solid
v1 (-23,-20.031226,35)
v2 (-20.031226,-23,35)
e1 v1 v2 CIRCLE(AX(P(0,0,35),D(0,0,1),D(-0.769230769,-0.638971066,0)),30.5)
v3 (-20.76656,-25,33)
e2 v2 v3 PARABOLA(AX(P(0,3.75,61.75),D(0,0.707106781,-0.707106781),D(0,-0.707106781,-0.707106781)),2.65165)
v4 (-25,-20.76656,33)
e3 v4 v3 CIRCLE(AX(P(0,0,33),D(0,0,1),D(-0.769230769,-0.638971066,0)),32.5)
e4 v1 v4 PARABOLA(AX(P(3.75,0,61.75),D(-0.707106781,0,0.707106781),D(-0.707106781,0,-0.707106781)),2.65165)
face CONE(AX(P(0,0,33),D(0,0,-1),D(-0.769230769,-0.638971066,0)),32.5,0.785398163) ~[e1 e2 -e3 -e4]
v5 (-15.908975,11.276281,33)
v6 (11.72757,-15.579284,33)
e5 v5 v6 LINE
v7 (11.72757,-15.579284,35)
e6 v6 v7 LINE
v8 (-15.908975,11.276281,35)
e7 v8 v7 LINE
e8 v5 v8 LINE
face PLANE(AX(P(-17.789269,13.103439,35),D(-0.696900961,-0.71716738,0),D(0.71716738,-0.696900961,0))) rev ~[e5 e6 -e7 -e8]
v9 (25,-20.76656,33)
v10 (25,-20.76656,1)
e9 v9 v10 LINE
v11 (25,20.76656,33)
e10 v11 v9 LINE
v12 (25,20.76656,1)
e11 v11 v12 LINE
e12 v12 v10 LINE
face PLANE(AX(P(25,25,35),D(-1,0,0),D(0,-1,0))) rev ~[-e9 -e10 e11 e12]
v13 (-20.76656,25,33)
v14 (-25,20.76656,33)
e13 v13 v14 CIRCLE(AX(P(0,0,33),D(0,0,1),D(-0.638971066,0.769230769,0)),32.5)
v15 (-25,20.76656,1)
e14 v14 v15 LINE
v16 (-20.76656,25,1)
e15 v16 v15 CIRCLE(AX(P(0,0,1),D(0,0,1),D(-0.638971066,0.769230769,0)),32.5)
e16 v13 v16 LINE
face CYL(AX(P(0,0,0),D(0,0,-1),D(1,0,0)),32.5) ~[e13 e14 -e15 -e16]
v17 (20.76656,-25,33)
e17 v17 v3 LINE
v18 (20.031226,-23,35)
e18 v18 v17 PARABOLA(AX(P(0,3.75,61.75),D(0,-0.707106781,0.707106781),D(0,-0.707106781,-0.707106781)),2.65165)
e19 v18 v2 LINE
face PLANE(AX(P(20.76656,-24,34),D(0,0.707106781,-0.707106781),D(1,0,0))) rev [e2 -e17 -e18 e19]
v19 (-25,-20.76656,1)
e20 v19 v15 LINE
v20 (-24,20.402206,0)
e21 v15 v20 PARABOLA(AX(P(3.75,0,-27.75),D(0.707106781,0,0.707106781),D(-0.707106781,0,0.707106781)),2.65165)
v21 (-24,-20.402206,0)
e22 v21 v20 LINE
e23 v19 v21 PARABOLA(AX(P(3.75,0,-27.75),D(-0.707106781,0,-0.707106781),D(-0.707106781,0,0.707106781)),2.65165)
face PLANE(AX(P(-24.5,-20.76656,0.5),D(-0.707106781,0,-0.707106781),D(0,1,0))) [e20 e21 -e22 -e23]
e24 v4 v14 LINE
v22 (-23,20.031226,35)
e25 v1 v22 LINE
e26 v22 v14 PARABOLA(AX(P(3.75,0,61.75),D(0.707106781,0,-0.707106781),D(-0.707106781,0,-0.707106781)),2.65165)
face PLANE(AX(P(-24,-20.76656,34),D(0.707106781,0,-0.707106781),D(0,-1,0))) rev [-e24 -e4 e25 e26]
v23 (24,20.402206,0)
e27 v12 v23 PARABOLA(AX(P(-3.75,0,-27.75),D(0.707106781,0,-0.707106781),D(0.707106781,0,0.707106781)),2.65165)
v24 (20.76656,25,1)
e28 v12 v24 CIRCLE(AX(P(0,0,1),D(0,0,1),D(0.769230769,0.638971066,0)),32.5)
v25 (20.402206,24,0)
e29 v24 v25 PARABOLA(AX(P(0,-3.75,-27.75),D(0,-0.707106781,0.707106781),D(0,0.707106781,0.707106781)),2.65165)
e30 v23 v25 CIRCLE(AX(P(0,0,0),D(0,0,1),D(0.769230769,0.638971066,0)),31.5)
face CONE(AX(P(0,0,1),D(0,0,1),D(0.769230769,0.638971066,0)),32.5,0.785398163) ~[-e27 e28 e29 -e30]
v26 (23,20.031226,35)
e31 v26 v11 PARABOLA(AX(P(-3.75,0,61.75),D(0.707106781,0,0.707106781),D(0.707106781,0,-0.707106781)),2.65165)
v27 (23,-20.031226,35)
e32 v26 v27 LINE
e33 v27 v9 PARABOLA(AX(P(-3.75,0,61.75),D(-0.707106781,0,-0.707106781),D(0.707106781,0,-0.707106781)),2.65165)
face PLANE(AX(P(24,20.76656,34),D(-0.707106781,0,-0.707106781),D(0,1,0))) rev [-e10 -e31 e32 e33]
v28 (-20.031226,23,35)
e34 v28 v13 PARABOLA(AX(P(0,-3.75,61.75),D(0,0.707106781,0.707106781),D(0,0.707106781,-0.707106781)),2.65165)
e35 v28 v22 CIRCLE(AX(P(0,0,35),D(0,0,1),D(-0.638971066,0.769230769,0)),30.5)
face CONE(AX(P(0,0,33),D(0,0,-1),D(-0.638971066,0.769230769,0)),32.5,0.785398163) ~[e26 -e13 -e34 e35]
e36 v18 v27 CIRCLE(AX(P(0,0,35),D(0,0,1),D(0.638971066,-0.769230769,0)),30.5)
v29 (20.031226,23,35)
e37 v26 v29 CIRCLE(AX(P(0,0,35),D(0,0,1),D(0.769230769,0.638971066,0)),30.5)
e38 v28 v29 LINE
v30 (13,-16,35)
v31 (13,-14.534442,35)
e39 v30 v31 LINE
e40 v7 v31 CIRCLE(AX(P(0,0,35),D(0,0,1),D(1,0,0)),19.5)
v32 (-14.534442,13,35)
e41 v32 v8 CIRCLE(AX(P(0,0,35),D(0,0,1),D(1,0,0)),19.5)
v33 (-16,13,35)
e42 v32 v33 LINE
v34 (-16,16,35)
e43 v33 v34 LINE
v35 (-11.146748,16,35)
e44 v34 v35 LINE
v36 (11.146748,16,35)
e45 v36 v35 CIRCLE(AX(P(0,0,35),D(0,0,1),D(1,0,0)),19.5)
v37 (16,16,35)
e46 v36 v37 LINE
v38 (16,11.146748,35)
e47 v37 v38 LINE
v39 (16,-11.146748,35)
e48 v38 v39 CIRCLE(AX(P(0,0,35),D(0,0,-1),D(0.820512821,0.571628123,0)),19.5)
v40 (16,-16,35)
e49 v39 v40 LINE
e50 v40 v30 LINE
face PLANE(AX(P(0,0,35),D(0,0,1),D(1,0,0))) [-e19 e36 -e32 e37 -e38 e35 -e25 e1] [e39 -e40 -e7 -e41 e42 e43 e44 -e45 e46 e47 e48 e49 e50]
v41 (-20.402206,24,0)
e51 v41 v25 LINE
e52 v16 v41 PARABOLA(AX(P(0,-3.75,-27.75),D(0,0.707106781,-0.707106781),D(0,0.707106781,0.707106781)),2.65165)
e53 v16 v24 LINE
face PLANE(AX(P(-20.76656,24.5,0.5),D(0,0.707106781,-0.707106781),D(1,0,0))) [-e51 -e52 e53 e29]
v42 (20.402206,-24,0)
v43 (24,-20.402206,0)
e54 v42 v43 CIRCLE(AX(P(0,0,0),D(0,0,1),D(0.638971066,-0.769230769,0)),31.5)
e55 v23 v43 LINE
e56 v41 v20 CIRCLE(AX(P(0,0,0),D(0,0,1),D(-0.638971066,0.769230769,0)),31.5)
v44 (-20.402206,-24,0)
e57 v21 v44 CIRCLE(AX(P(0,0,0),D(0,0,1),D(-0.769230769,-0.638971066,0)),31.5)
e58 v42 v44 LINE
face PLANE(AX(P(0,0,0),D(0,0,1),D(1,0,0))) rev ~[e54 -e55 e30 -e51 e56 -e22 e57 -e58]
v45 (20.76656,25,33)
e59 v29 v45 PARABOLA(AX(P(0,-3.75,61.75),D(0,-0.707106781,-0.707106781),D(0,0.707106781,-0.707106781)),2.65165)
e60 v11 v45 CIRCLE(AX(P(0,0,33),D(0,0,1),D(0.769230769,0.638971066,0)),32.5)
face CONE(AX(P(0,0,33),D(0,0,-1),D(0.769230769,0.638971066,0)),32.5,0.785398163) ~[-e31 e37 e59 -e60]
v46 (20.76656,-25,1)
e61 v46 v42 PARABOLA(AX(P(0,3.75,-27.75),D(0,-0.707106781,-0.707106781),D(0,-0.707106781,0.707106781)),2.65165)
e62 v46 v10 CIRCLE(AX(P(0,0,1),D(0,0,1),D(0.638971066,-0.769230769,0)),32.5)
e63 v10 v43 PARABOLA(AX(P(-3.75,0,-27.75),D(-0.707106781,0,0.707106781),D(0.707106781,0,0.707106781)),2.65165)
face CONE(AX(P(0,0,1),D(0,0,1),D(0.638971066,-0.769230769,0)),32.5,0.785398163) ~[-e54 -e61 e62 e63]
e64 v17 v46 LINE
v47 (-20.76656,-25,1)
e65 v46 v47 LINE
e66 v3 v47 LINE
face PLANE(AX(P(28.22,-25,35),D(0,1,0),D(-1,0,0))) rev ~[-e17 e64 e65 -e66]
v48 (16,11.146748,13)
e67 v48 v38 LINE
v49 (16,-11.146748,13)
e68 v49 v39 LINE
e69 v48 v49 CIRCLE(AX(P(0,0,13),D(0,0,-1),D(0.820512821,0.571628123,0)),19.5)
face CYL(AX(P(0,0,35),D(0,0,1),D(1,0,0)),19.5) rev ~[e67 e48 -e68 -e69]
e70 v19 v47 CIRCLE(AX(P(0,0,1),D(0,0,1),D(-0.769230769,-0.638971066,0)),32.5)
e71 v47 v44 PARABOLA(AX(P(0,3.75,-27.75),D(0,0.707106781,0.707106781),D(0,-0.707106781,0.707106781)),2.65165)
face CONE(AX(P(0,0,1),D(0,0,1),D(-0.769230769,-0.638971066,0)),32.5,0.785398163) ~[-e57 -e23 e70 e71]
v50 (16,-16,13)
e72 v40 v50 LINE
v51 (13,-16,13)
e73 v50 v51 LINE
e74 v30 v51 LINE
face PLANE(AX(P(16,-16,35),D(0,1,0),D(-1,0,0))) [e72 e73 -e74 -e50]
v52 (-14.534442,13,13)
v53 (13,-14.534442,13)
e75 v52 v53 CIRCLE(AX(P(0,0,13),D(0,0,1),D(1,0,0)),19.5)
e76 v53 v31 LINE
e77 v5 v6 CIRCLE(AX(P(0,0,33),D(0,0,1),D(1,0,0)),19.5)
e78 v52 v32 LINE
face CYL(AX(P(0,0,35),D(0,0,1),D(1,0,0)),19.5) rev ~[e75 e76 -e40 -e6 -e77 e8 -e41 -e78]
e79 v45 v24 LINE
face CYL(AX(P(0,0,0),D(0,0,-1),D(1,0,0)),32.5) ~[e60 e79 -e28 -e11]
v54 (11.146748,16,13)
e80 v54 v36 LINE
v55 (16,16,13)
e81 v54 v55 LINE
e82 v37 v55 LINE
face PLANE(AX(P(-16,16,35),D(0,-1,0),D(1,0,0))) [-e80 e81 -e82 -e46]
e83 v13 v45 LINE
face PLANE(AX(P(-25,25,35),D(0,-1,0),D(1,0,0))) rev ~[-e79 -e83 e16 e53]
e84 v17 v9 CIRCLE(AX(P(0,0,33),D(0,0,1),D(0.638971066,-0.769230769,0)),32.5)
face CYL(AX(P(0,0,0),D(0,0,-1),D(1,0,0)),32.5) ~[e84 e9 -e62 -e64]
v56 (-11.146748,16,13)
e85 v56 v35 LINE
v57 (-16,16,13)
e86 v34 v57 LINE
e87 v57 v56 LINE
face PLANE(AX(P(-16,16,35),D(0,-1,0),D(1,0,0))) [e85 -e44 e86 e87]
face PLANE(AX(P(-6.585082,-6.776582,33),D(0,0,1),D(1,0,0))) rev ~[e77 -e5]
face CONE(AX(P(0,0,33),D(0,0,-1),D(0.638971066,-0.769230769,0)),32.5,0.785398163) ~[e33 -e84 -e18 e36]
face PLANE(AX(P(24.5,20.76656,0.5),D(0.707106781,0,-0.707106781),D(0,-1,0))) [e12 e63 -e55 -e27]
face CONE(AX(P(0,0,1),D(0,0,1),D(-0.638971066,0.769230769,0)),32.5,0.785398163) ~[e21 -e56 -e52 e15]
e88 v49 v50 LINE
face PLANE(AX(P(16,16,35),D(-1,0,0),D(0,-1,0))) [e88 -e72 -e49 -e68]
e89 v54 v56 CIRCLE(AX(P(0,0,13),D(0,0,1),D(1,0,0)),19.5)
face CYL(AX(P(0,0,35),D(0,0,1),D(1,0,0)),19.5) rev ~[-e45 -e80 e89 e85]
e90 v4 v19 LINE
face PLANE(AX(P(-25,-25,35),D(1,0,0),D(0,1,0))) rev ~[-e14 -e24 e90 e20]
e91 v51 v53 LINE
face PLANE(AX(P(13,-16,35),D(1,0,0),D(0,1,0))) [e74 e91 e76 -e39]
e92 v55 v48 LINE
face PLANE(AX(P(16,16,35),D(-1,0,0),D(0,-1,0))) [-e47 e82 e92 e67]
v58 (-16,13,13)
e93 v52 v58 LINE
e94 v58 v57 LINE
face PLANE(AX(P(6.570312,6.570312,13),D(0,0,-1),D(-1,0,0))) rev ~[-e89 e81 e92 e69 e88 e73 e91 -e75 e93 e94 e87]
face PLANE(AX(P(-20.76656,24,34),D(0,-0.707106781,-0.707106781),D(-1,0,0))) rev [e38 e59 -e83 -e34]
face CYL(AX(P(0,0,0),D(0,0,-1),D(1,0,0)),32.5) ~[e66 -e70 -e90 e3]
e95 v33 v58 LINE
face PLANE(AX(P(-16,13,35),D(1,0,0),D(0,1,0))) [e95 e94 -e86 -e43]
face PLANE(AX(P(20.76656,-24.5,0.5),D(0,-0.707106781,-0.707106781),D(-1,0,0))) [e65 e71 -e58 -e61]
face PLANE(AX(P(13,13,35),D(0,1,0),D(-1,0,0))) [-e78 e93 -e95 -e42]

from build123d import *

# Parameters (mm, degrees)
SKETCH_R        = 32.5
PAD_DEPTH       = 35
POCKET_DEPTH    = 22
SKETCH002_R     = 19.5
POCKET001_DEPTH = 22
POCKET002_DEPTH = 35.001
PAD001_DEPTH    = 2
CHAMFER_SIZE    = 2
CHAMFER001_SIZE = 1


with BuildPart() as part:
    # Sketch → Pad (new body)
    with BuildSketch(Plane.XY):
        Circle(SKETCH_R)
    extrude(amount=PAD_DEPTH)

    # Sketch001 (on Face3 of Pad) → Pocket (cut)
    with BuildSketch(Plane.XY.offset(35)):
        Polygon((-16, 16), (16, 16), (16, -16), (13, -16), (13, 13), (-16, 13), align=None)
    extrude(amount=-POCKET_DEPTH, mode=Mode.SUBTRACT)

    # Sketch002 (on Face3 of Pocket) → Pocket001 (cut)
    with BuildSketch(Plane.XY.offset(35)):
        Circle(SKETCH002_R)
    extrude(amount=-POCKET001_DEPTH, mode=Mode.SUBTRACT)

    # Sketch003 (on Face3 of Pocket001) → Pocket002 (cut, through all)
    with BuildSketch(Plane.XY.offset(35)):
        Polygon((25, 25), (25, -25), (67.494446, -25), (72.347168, 49.819519), (-56.328224, 49.819519), (-56.328224, -44.339888), (22.106388, -44.339888), (28.22, -25), (-25, -25), (-25, 25), align=None)
    extrude(amount=-POCKET002_DEPTH, mode=Mode.SUBTRACT)

    # Sketch004 (on Face4 of Pocket002) → Pad001 (join)
    with BuildSketch(Plane.XY.offset(35)):
        with BuildLine():
            ThreePointArc((-17.789269, 13.103439), (-15.397541, -15.845313), (13.607864, -17.406443))
            Line((-17.789269, 13.103439), (13.607864, -17.406443))
        make_face()
    extrude(amount=-PAD001_DEPTH)

    # Chamfer
    chamfer_edges = [part.edges().sort_by_distance(p)[0] for p in [
        (0, -25, 35),
        (22.98097, -22.98097, 35),
        (25, 0, 35),
        (22.98097, 22.98097, 35),
        (0, 25, 35),
        (-22.98097, 22.98097, 35),
        (-25, 0, 35),
        (-22.98097, -22.98097, 35),
    ]]
    chamfer(chamfer_edges, length=CHAMFER_SIZE)

    # Chamfer001
    chamfer001_edges = [part.edges().sort_by_distance(p)[0] for p in [
        (25, 0, 0),
        (22.98097, -22.98097, 0),
        (0, -25, 0),
        (-22.98097, -22.98097, 0),
        (-25, 0, 0),
        (-22.98097, 22.98097, 0),
        (0, 25, 0),
        (22.98097, 22.98097, 0),
    ]]
    chamfer(chamfer001_edges, length=CHAMFER001_SIZE)


solid = part.part
